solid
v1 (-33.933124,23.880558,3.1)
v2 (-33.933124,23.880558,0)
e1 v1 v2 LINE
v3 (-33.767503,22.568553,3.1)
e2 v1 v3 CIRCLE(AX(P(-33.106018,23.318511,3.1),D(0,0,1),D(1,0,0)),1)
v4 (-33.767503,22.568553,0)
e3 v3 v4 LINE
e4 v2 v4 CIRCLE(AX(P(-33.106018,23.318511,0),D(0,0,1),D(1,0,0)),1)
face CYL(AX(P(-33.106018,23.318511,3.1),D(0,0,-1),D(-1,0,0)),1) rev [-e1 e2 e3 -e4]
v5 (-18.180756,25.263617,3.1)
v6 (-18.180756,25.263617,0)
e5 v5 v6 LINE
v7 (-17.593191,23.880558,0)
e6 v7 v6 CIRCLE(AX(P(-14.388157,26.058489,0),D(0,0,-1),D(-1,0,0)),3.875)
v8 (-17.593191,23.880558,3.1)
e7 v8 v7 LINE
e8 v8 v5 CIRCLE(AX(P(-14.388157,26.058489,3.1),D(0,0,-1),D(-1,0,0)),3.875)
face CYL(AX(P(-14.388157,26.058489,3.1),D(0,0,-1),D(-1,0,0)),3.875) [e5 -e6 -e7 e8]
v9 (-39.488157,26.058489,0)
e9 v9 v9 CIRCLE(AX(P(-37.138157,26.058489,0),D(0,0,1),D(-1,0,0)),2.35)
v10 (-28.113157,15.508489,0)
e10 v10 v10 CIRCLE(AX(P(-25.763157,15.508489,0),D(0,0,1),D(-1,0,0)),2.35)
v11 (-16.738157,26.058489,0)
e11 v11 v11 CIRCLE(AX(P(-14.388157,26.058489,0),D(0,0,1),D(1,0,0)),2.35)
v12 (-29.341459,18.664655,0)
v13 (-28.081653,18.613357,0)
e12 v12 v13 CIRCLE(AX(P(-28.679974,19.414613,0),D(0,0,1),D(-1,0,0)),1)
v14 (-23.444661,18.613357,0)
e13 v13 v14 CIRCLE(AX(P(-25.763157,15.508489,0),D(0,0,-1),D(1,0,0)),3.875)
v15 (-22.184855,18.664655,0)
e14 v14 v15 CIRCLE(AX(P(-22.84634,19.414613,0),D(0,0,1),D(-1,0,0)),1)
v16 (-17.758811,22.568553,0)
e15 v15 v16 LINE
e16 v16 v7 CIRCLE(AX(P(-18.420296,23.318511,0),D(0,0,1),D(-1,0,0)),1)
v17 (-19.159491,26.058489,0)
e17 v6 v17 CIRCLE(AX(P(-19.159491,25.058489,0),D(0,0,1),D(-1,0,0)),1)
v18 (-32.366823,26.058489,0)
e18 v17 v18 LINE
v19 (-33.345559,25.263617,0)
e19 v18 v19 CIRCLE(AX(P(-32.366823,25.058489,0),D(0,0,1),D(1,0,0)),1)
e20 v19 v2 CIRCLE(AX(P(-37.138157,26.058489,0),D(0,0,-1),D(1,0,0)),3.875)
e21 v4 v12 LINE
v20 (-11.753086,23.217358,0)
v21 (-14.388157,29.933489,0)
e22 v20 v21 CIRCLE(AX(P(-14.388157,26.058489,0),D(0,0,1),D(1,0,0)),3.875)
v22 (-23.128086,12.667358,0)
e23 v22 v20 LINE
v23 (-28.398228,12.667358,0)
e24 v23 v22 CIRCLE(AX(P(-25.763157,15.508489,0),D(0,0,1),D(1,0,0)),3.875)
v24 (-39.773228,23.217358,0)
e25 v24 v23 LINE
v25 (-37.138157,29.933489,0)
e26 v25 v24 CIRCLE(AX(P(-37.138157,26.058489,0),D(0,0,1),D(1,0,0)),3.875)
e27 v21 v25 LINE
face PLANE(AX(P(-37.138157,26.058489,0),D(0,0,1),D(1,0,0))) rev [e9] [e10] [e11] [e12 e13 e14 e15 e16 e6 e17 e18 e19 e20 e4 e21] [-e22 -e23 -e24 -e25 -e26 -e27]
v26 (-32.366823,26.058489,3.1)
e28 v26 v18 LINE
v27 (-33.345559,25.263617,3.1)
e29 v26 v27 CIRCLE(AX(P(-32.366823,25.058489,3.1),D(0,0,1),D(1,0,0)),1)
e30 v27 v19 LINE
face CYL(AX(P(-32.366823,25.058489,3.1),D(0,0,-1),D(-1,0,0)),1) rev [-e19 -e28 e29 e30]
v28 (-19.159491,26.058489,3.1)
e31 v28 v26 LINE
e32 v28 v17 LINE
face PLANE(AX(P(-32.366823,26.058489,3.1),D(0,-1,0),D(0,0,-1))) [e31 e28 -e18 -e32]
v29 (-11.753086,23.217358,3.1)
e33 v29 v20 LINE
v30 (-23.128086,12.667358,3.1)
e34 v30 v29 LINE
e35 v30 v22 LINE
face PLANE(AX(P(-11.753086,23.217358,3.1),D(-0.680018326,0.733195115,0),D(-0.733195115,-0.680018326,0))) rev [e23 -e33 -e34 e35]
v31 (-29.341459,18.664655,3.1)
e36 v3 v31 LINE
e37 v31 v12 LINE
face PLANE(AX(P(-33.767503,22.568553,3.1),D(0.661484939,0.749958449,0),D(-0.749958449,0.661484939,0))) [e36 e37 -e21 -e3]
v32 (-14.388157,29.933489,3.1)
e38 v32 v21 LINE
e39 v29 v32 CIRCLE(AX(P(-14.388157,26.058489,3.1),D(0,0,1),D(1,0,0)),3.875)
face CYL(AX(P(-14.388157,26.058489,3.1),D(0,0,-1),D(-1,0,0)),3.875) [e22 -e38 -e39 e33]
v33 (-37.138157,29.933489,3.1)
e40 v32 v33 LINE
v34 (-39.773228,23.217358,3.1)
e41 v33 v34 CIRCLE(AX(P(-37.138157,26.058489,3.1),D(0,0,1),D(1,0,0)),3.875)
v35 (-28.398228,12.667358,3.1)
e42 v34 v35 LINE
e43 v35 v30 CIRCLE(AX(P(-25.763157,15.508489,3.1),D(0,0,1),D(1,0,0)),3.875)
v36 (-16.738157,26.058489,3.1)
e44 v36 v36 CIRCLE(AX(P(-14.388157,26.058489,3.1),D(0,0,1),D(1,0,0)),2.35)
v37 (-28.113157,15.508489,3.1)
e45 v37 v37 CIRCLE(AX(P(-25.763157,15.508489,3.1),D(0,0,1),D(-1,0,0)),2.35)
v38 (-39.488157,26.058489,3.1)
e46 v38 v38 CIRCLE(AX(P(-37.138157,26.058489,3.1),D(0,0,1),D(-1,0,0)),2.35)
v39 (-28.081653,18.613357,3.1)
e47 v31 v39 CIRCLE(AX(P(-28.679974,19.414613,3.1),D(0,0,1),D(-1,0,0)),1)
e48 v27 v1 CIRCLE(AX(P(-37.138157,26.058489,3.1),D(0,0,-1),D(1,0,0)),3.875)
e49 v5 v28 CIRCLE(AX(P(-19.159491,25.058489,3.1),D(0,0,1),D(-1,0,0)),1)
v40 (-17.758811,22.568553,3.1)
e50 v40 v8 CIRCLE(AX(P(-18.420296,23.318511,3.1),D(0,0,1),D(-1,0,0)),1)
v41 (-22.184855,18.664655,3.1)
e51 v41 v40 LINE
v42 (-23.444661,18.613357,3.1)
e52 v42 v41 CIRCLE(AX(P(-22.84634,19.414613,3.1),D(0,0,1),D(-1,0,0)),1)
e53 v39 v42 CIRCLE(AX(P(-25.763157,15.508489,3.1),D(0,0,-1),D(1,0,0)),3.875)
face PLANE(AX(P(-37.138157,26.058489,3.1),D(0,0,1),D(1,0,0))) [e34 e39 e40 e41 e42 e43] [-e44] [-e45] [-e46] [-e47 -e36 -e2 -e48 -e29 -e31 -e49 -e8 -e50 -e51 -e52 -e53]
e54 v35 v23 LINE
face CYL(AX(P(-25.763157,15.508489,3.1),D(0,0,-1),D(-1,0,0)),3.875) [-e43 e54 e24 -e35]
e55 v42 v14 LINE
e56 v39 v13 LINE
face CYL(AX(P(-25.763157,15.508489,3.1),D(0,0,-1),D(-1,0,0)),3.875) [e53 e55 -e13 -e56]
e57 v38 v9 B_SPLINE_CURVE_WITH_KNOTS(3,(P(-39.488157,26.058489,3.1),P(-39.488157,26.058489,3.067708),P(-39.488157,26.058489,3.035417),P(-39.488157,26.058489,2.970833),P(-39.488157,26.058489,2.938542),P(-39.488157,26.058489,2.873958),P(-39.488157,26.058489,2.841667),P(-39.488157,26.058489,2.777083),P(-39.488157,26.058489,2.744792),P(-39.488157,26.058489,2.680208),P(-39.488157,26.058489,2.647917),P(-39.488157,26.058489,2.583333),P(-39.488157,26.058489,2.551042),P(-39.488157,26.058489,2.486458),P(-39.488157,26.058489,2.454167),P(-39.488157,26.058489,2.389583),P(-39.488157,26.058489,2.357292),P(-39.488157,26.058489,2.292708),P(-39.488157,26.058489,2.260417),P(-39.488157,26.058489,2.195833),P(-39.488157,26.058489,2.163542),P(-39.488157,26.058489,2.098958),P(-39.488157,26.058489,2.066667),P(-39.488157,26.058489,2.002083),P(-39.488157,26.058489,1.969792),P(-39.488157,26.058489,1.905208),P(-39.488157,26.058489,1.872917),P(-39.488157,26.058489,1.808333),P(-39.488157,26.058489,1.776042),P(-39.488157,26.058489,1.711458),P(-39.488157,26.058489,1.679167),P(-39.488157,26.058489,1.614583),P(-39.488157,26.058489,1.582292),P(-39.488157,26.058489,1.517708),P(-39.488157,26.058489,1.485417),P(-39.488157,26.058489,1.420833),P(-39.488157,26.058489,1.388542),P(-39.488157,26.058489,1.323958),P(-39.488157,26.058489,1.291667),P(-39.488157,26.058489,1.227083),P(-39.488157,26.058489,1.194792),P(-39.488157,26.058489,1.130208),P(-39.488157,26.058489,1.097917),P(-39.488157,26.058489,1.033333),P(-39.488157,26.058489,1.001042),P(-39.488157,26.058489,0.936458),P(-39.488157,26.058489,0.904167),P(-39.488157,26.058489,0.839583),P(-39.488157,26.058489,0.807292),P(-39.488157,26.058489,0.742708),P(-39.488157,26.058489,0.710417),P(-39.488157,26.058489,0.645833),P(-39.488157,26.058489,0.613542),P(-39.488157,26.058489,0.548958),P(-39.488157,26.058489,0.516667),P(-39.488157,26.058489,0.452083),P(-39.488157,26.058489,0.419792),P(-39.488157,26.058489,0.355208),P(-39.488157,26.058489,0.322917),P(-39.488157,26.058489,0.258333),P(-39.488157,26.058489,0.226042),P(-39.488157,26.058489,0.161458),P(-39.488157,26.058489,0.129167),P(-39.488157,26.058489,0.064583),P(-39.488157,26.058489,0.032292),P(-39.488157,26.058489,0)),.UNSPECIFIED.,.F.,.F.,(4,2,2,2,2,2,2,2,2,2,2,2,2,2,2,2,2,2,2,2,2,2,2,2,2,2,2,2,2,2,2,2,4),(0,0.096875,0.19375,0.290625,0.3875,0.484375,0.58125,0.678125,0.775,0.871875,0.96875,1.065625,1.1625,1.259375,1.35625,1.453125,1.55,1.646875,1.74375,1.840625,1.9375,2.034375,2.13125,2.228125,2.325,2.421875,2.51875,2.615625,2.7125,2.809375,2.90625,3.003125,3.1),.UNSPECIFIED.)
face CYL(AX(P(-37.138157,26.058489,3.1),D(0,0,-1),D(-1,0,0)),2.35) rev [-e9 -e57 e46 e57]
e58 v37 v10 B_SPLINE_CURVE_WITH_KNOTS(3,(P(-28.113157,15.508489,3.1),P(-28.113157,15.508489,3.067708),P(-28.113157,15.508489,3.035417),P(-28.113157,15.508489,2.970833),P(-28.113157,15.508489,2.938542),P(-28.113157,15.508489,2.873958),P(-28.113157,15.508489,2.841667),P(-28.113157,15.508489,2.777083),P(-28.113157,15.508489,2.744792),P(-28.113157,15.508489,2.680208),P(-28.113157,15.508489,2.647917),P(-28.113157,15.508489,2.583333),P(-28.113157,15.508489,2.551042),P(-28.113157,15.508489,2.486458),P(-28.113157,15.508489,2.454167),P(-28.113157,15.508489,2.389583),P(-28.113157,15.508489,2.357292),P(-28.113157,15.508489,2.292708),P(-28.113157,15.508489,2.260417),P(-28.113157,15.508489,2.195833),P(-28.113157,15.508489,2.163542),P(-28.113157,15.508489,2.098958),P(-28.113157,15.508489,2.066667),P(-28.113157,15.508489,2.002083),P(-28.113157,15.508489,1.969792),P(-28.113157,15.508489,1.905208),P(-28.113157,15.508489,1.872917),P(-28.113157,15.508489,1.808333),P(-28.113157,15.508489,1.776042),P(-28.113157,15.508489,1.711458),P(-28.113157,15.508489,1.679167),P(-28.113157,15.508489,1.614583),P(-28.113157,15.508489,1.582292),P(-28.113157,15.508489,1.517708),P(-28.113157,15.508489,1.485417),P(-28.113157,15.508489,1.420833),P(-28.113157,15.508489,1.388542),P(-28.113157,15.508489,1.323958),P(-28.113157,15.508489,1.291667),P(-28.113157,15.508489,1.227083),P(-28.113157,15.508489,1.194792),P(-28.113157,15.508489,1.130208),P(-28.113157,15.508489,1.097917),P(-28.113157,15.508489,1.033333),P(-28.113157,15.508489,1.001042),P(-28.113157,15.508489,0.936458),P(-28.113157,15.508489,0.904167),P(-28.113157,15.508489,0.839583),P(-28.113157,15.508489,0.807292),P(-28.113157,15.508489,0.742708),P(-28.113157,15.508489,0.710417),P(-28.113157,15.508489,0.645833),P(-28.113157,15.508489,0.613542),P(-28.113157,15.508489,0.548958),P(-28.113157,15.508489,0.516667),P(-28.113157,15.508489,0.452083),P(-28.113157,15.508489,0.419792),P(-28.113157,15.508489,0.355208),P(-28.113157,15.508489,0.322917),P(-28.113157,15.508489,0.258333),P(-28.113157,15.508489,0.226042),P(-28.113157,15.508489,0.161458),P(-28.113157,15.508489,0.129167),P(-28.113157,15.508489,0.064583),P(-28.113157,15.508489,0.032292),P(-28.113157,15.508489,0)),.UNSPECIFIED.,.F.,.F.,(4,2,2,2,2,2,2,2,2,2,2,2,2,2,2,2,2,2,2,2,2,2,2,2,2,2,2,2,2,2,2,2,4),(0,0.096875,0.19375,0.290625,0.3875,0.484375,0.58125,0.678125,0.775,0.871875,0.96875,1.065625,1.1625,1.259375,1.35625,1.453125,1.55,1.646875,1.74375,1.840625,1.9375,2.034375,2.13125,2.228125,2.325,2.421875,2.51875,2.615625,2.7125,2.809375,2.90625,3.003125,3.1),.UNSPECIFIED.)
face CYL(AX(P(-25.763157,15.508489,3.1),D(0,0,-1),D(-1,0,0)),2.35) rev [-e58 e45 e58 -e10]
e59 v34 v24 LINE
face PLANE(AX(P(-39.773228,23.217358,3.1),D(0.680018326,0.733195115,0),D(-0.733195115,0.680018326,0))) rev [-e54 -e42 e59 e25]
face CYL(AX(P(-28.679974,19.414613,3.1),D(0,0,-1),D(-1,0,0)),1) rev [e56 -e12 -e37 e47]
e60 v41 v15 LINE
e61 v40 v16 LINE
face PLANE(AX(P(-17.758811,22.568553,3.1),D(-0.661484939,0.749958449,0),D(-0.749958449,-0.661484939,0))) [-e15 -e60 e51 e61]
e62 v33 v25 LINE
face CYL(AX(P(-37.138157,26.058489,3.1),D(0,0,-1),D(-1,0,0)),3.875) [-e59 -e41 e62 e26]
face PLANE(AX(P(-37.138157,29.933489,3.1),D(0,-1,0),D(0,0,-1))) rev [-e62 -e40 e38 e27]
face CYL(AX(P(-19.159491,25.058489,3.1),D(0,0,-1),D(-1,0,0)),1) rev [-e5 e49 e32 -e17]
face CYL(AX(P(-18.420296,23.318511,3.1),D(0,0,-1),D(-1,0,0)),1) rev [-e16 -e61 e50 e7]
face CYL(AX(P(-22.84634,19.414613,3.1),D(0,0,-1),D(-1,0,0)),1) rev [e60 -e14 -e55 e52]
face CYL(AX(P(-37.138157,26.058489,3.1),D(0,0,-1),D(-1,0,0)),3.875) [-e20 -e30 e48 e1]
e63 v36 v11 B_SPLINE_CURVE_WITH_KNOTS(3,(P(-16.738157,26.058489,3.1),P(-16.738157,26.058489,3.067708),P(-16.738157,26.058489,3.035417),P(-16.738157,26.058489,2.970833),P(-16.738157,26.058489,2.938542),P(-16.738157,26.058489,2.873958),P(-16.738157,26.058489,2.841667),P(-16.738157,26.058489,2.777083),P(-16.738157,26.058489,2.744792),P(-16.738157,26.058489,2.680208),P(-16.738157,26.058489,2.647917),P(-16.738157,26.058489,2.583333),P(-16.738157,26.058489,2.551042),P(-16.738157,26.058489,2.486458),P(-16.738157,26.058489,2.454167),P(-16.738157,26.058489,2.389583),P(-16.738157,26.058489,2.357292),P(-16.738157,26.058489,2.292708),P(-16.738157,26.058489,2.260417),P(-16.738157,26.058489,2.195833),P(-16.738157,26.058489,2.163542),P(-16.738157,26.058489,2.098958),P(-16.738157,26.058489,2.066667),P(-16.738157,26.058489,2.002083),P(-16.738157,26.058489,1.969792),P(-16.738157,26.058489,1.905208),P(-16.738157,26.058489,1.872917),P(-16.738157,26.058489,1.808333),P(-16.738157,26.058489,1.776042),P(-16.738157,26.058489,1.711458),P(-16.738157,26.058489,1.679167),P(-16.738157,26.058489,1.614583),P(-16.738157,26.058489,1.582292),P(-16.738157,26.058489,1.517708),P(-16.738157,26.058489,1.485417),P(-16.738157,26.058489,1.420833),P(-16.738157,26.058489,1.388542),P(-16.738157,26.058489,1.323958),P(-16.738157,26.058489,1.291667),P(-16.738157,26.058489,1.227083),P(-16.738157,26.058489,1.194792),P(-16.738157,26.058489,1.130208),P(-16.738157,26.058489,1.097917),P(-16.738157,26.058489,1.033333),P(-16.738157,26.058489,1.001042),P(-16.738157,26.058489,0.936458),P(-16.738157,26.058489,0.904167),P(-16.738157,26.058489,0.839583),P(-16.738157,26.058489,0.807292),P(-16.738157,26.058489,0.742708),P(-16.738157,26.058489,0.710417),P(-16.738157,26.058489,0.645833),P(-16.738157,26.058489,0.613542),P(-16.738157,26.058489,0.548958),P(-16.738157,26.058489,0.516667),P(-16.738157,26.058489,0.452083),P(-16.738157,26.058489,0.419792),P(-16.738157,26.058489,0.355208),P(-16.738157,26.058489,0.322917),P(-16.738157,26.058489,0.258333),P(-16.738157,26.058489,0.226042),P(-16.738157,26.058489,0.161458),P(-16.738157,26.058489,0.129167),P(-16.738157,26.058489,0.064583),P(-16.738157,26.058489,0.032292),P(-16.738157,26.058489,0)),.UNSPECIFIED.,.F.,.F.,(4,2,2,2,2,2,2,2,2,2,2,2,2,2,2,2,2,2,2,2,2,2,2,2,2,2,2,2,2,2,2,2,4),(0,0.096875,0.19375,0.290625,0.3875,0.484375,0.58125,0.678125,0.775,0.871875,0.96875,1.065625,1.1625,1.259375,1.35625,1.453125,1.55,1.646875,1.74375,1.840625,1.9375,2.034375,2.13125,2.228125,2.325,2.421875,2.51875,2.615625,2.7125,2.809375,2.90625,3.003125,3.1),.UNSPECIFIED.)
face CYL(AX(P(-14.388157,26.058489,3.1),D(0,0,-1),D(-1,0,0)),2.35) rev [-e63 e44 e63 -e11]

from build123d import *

# Parameters (mm, degrees)
SKETCH1_R      = 2.35
EXTRUDE1_DEPTH = 3.1


with BuildPart() as part:
    # Sketch1 → Extrude1 (new body)
    with BuildSketch(Plane.XY):
        with BuildLine():
            Line((-37.138157114, 29.933489293), (-14.388157114, 29.933489293))
            ThreePointArc((-14.388157114, 29.933489293), (-10.78087227, 27.473805885), (-11.7530861, 23.217358224))
            Line((-11.7530861, 23.217358224), (-23.1280861, 12.667358224))
            ThreePointArc((-23.1280861, 12.667358224), (-25.763157114, 11.633489293), (-28.398228128, 12.667358224))
            Line((-28.398228128, 12.667358224), (-39.773228128, 23.217358224))
            ThreePointArc((-39.773228128, 23.217358224), (-40.745441958, 27.473805885), (-37.138157114, 29.933489293))
        make_face()
        with Locations(Location((-14.388157114, 26.058489293, 0), (0, 0, 180))):
            Circle(SKETCH1_R, mode=Mode.SUBTRACT)
        with Locations(Location((-37.138157114, 26.058489293, 0), (0, 0, 180))):
            Circle(SKETCH1_R, mode=Mode.SUBTRACT)
        with Locations(Location((-25.763157114, 15.508489293, 0), (0, 0, 180))):
            Circle(SKETCH1_R, mode=Mode.SUBTRACT)
        with BuildLine():
            Line((-33.76750302, 22.568552775), (-29.341459115, 18.664654654))
            ThreePointArc((-29.341459115, 18.664654654), (-28.720659193, 18.415441082), (-28.081652728, 18.613356938))
            ThreePointArc((-28.081652728, 18.613356938), (-25.763157114, 19.383489293), (-23.4446615, 18.613356938))
            ThreePointArc((-23.4446615, 18.613356938), (-22.805655035, 18.415441082), (-22.184855112, 18.664654654))
            Line((-22.184855112, 18.664654654), (-17.758811208, 22.568552775))
            ThreePointArc((-17.758811208, 22.568552775), (-17.428169762, 23.19327051), (-17.593190704, 23.880558008))
            ThreePointArc((-17.593190704, 23.880558008), (-17.954657824, 24.543333299), (-18.180755673, 25.263617499))
            ThreePointArc((-18.180755673, 25.263617499), (-18.529065613, 25.834739319), (-19.159490785, 26.058489293))
            Line((-19.159490785, 26.058489293), (-32.366823443, 26.058489293))
            ThreePointArc((-32.366823443, 26.058489293), (-32.997248615, 25.834739319), (-33.345558555, 25.263617499))
            ThreePointArc((-33.345558555, 25.263617499), (-33.571656404, 24.543333299), (-33.933123524, 23.880558008))
            ThreePointArc((-33.933123524, 23.880558008), (-34.098144466, 23.19327051), (-33.76750302, 22.568552775))
        make_face(mode=Mode.SUBTRACT)
    extrude(amount=EXTRUDE1_DEPTH)


solid = part.part
